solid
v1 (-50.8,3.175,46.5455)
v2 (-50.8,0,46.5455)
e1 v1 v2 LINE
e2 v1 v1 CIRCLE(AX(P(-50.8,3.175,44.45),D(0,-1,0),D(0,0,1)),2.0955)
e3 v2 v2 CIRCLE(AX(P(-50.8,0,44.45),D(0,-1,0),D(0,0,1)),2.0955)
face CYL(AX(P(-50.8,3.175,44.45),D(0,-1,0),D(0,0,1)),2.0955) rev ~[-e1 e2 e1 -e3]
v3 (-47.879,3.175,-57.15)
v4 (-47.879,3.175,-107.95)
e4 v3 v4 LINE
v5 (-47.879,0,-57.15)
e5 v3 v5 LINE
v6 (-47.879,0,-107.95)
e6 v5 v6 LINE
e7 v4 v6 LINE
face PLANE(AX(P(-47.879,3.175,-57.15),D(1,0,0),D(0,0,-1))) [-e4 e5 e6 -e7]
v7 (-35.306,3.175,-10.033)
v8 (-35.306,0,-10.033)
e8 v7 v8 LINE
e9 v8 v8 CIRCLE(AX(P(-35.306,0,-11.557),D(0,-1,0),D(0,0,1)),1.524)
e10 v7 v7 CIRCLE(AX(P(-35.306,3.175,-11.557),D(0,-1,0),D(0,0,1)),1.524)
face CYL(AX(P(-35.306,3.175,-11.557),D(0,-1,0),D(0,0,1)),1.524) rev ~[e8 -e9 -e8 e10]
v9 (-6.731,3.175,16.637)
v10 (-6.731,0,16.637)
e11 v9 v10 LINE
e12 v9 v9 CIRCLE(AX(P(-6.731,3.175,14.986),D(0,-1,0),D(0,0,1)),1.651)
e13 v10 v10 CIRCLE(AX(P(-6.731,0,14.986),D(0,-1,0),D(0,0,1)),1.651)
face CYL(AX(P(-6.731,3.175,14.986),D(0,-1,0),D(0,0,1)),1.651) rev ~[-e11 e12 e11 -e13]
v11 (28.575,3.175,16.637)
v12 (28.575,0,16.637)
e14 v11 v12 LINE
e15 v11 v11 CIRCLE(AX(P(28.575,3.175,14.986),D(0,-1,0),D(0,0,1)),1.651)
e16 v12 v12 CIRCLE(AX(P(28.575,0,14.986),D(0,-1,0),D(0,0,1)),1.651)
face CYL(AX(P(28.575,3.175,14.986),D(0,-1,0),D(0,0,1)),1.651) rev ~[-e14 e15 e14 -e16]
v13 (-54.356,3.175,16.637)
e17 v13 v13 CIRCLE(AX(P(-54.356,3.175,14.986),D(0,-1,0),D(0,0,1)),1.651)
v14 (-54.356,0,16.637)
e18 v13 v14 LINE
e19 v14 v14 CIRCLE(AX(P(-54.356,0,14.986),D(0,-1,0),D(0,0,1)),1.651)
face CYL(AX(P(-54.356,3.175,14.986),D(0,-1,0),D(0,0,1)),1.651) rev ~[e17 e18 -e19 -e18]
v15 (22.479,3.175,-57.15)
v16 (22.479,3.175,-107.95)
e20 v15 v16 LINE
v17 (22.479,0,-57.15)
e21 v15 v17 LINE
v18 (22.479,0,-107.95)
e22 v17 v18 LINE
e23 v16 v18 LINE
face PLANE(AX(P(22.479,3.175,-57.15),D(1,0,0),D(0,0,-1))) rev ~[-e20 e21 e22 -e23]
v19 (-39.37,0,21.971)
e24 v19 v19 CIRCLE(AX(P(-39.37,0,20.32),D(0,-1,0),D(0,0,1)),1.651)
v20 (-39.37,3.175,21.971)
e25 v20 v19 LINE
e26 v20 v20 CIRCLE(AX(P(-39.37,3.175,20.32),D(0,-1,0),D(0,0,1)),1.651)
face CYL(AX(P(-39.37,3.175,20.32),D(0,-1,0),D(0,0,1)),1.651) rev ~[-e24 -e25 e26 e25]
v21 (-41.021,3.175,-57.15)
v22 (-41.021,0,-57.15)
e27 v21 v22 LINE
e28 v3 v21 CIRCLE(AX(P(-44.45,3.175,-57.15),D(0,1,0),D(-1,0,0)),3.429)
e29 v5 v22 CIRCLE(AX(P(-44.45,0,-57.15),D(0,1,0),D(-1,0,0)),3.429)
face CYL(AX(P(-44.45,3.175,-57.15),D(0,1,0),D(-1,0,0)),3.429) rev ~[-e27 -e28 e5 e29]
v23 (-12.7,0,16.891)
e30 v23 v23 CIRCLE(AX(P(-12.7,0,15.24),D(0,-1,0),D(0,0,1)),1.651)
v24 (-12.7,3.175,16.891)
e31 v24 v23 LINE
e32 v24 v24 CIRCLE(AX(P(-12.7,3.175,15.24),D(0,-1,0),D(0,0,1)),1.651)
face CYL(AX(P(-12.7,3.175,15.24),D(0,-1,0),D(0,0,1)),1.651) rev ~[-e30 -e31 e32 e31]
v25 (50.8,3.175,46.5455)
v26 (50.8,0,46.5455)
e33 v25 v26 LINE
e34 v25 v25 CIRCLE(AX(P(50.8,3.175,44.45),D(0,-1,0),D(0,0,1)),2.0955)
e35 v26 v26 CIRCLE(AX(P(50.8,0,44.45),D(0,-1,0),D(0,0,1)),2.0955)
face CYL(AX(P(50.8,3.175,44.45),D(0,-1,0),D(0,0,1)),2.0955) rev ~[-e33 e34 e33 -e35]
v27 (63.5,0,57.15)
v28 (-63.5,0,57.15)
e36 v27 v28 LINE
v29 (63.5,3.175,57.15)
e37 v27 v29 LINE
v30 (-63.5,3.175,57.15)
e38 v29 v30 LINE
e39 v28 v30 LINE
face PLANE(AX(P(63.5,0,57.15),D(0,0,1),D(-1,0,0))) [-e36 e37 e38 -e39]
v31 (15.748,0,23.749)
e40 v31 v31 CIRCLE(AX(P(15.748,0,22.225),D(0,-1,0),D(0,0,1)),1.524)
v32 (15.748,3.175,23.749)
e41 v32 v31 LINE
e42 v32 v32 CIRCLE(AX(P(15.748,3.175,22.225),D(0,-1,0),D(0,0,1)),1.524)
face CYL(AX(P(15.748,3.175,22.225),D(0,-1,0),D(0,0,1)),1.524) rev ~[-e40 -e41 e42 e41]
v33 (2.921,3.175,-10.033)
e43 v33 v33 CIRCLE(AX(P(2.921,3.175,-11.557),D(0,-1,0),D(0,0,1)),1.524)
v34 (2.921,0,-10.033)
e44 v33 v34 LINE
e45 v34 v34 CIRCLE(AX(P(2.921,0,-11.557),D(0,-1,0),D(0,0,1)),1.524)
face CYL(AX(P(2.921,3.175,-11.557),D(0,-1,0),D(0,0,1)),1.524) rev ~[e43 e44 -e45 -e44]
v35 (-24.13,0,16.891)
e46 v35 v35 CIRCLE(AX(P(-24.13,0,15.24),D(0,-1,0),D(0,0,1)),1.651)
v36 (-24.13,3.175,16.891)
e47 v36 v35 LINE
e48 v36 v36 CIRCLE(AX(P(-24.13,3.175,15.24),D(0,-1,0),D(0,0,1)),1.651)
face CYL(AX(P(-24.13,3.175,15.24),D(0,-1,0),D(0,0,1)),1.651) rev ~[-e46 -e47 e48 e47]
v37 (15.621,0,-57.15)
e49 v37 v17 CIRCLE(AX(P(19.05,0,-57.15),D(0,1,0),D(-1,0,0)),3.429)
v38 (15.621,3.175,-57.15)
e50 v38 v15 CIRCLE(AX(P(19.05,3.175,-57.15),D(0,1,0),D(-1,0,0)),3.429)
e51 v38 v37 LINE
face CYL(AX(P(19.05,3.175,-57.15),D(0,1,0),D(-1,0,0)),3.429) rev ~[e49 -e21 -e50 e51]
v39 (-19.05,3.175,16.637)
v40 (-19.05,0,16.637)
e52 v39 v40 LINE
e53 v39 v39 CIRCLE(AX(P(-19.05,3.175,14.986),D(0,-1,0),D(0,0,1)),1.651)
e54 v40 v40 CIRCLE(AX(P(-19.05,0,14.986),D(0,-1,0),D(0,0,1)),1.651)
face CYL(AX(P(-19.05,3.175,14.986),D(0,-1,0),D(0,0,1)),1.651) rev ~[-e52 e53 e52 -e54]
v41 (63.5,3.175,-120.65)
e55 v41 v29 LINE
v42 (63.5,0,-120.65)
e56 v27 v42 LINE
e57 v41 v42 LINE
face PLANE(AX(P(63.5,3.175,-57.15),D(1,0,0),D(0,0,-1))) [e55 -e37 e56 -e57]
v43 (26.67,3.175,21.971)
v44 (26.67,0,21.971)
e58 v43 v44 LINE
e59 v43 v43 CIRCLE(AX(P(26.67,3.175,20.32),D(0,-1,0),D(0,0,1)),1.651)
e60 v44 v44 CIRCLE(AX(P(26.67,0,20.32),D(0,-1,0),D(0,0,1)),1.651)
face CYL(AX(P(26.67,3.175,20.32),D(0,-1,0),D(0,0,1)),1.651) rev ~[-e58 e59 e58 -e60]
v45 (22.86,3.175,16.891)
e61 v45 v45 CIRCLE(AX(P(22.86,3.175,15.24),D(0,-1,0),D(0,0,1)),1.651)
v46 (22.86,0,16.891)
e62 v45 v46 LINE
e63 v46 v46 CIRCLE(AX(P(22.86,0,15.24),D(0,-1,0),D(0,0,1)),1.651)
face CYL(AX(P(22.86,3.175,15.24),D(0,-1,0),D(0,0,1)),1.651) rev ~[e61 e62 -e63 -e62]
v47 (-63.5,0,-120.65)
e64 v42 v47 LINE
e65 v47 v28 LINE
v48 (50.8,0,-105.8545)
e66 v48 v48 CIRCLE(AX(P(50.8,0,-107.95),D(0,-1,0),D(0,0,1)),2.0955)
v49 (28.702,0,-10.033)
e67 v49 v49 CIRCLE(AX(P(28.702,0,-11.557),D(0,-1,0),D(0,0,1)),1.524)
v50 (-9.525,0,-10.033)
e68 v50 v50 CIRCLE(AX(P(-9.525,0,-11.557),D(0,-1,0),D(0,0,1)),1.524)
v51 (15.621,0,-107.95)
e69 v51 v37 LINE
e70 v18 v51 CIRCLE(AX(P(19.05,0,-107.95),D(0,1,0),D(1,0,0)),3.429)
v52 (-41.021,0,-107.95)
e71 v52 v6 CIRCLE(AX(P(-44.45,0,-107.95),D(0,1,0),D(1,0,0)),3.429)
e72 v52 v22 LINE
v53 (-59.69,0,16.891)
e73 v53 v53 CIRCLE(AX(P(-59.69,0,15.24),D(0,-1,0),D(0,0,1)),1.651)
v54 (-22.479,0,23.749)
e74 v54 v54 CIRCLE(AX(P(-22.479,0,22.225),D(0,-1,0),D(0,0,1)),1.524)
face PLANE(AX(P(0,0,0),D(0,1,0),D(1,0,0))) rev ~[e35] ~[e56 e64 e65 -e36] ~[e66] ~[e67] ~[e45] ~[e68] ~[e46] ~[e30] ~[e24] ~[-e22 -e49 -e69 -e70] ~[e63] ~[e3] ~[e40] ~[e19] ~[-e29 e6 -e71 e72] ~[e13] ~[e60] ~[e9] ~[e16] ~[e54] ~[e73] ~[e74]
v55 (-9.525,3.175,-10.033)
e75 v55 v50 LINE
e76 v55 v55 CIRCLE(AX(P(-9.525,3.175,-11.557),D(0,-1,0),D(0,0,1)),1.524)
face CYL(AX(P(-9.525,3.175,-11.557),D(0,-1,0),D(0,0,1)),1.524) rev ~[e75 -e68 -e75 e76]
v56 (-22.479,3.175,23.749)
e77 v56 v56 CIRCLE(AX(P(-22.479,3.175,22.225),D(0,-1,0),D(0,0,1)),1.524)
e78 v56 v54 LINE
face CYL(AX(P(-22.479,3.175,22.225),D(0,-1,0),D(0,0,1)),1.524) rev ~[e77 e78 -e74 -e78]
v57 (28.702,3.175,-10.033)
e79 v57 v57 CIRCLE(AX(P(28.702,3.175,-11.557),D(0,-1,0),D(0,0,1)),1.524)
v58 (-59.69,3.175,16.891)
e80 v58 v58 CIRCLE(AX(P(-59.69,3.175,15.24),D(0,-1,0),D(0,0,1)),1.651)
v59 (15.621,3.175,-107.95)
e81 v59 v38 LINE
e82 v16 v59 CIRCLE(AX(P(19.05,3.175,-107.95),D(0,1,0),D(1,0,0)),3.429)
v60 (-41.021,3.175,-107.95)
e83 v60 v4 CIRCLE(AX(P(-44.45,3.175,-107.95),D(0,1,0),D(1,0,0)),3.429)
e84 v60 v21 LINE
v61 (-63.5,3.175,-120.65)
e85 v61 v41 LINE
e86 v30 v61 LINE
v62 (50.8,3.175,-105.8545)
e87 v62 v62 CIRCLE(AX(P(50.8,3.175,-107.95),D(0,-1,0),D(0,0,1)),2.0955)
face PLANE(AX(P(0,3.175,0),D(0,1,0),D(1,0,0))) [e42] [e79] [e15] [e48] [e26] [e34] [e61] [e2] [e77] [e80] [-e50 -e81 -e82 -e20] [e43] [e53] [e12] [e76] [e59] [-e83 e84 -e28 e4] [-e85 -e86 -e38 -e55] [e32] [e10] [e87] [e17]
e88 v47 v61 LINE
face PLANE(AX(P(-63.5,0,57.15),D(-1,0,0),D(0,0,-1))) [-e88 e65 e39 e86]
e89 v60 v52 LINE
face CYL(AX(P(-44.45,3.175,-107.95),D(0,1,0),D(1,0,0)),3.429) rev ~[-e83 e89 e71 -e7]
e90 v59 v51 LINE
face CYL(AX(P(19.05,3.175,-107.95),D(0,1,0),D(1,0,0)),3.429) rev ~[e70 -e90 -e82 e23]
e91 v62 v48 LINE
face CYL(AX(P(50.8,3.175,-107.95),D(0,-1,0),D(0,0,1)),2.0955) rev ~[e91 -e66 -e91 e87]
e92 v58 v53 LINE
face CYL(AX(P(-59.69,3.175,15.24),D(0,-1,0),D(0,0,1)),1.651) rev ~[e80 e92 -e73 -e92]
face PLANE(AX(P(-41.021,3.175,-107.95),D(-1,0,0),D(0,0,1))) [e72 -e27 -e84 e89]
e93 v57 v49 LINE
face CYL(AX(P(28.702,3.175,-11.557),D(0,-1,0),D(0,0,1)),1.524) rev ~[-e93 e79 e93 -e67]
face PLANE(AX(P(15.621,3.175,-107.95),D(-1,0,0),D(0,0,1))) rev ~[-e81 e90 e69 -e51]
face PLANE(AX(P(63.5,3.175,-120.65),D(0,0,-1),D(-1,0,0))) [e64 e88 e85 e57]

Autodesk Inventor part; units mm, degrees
ref_plane "YZ Plane" through (0, 0, 0) normal (1, 0, 0) x (0, 1, 0)
ref_plane "XZ Plane" through (0, 0, 0) normal (0, 1, 0) x (-1, 0, 0)
ref_plane "XY Plane" through (0, 0, 0) normal (0, 0, 1) x (1, 0, 0)
sketch "Sketch1" plane through (0, 0, 0) normal (0, 1, 0) x (-1, 0, 0)
  line L0 (-63.5, 57.15) -> (63.5, 57.15)
  line L1 (63.5, 57.15) -> (63.5, -57.15)
  line L2 (63.5, -57.15) -> (-63.5, -57.15)
  line L3 (-63.5, -57.15) -> (-63.5, 57.15)
  line L4 (-63.5, 57.15) -> (63.5, -57.15) construction
  line L5 (63.5, 57.15) -> (-63.5, -57.15) construction
  line L6 (63.5, -57.15) -> (-38.1, -57.15)
  line L7 (-38.1, -57.15) -> (-38.1, -120.65)
  line L8 (-38.1, -120.65) -> (63.5, -120.65)
  line L9 (63.5, -120.65) -> (63.5, -57.15)
  line L10 (-38.1, -57.15) -> (-63.5, -57.15)
  line L11 (-63.5, -57.15) -> (-63.5, -120.65)
  line L12 (-63.5, -120.65) -> (-38.1, -120.65)
  line L13 (-38.1, -120.65) -> (-38.1, -57.15)
  point P0 (0, 0)
  dimension "d9" = 12.7
  dimension "d0" = 127
  dimension "d1" = 114.3
  dimension "d2" = 63.5
  dimension "d3" = 101.6
extrude "Extrusion1" add sketch "Sketch1" along normal blind 3.175 contours L0 L1 L2 L3 | L9 L8 L7 L2
sketch "Sketch12" plane through (0, 3.175, 0) normal (0, 1, 0) x (1, 0, 0)
  line L0 (38.1, 57.15) -> (63.5, 57.15)
  line L1 (63.5, 57.15) -> (63.5, 120.65)
  line L2 (63.5, 120.65) -> (38.1, 120.65)
  line L3 (38.1, 120.65) -> (38.1, 57.15)
  point P0 (0, 0)
  dimension "d9" = 12.7
extrude "Extrusion3" add sketch "Sketch12" against normal blind 3.175
sketch "Sketch2" plane through (0, 3.175, 0) normal (0, 1, 0) x (1, 0, 0)
  line L0 (-63.5, 120.65) -> (-63.5, -57.15) projected
  line L1 (-63.5, -57.15) -> (63.5, -57.15) projected
  line L2 (63.5, -57.15) -> (63.5, 57.15) projected
  line L3 (63.5, 57.15) -> (38.1, 57.15) projected
  line L4 (38.1, 57.15) -> (-63.5, 57.15) construction
  line L5 (-63.5, 57.15) -> (-63.5, -44.45) construction
  line L6 (-63.5, -44.45) -> (38.1, -44.45) construction
  line L7 (38.1, -44.45) -> (38.1, 57.15) construction
  line L8 (50.8, 57.15) -> (50.8, -57.15) construction
  line L9 (-63.5, -44.45) -> (63.5, -44.45) construction
  point P0 (0, 0)
  point P1 (50.8, -44.45)
  point P2 (50.8, 44.45)
  point P3 (-50.8, -44.45)
  dimension "d7" = 101.6
  dimension "d8" = 101.6
  dimension "d9" = 12.7
  dimension "d10" = 12.7
  dimension "d11" = 12.7
hole "Hole1" at (50.8, 3.175, 44.45) at (-50.8, 3.175, 44.45) direction (0, -1, 0) diameter 4.191 end through all
sketch "Sketch3" plane through (0, 3.175, 0) normal (0, 1, 0) x (1, 0, 0)
  line L0 (38.1, 57.15) -> (38.1, 120.65) projected
  line L1 (38.1, 120.65) -> (-63.5, 120.65) projected
  line L2 (19.05, 107.95) -> (19.05, 57.15) construction
  line L3 (15.621, 107.95) -> (15.621, 57.15)
  line L4 (22.479, 57.15) -> (22.479, 107.95)
  arc A0 (22.479, 107.95) -> (15.621, 107.95) centre (19.05, 107.95) ccw
  arc A1 (15.621, 57.15) -> (22.479, 57.15) centre (19.05, 57.15) ccw
  line L5 (-12.7, 120.65) -> (-12.7, 57.15) construction
  line L6 (-44.45, 107.95) -> (-44.45, 57.15) construction
  line L7 (-41.021, 107.95) -> (-41.021, 57.15)
  line L8 (-47.879, 57.15) -> (-47.879, 107.95)
  arc A2 (-41.021, 107.95) -> (-47.879, 107.95) centre (-44.45, 107.95) ccw
  arc A3 (-47.879, 57.15) -> (-41.021, 57.15) centre (-44.45, 57.15) ccw
  point P0 (0, 0)
  point P1 (19.05, 82.55)
  point P2 (-44.45, 82.55)
  dimension "d19" = 6.858
  dimension "d20" = 19.05
  dimension "d21" = 12.7
  dimension "d22" = 50.8
extrude "Extrusion2" cut sketch "Sketch3" against normal through all
sketch "Sketch4" plane through (0, 3.175, 0) normal (0, 1, 0) x (1, 0, 0)
  arc A0 (15.621, 57.15) -> (22.479, 57.15) centre (19.05, 57.15) ccw projected
  line L0 (15.621, 57.15) -> (15.621, 107.95) projected
  arc A1 (22.479, 107.95) -> (15.621, 107.95) centre (19.05, 107.95) ccw projected
  line L1 (22.479, 107.95) -> (22.479, 57.15) projected
  arc A2 (-41.021, 107.95) -> (-47.879, 107.95) centre (-44.45, 107.95) ccw projected
  line L2 (-41.021, 107.95) -> (-41.021, 57.15) projected
  arc A3 (-47.879, 57.15) -> (-41.021, 57.15) centre (-44.45, 57.15) ccw projected
  line L3 (-47.879, 57.15) -> (-47.879, 107.95) projected
  circle A4 centre (50.8, 44.45) radius 3.2385 projected
  circle A5 centre (50.8, -44.45) radius 2.0955 projected
  circle A6 centre (-50.8, -44.45) radius 2.0955 projected
  line L4 (38.1, 57.15) -> (38.1, 120.65) projected
  line L5 (38.1, 120.65) -> (-63.5, 120.65) projected
  line L6 (-63.5, 120.65) -> (-63.5, -57.15) projected
  line L7 (-63.5, -57.15) -> (63.5, -57.15) projected
  line L8 (63.5, -57.15) -> (63.5, 57.15) projected
  line L9 (63.5, 57.15) -> (38.1, 57.15) projected
  line L10 (38.1, 57.15) -> (38.1, -57.15) construction
  line L11 (-63.5, -31.75) -> (63.5, -31.75) construction
  line L12 (-63.5, -25.4) -> (63.5, -25.4) construction
  line L13 (31.75, 53.1705) -> (31.75, -25.4) construction
  point P0 (0, 0)
  dimension "d9" = 12.7
  dimension "d25" = 25.4
  dimension "d156" = 31.75
  dimension "d157" = 31.75
sketch "battery buzzer/ SmartSensorPowered" plane through (0, 3.175, 0) normal (0, 1, 0) x (1, 0, 0)
  line L0 (31.75, -12.7) -> (5.08, -12.7)
  line L1 (5.08, -12.7) -> (5.08, 34.29)
  line L2 (5.08, 34.29) -> (31.75, 34.29)
  line L3 (31.75, 34.29) -> (31.75, -12.7)
  circle A0 centre (29.972, -10.668) radius 1.1913
  circle A1 centre (7.62, -10.668) radius 1.1913
  line L4 (-1.27, -12.7) -> (-27.94, -12.7)
  line L5 (-27.94, -12.7) -> (-27.94, 34.29)
  line L6 (-27.94, 34.29) -> (-1.27, 34.29)
  line L7 (-1.27, 34.29) -> (-1.27, -12.7)
  circle A2 centre (-3.048, -11.2367) radius 1.1913
  circle A3 centre (-25.4, -11.2367) radius 1.1913
  line L8 (-34.29, -12.7) -> (-60.96, -12.7)
  line L9 (-60.96, -12.7) -> (-60.96, 34.29)
  line L10 (-60.96, 34.29) -> (-34.29, 34.29)
  line L11 (-34.29, 34.29) -> (-34.29, -12.7)
  circle A4 centre (-36.068, -11.2367) radius 1.1913
  circle A5 centre (-58.42, -11.2367) radius 1.1913
  line L12 (-63.5, -57.15) -> (63.5, -57.15) projected
  dimension "d9" = 12.7
  dimension "d242" = 26.67
  dimension "d248" = 46.99
  dimension "d251" = 2.3825
  dimension "d257" = 1.778
  dimension "d258" = 2.032
  dimension "d259" = 2.032
  dimension "d266" = 2.54
  dimension "d284" = 6.35
  dimension "d295" = 44.45
sketch "controller" plane through (0, 3.175, 0) normal (0, 1, 0) x (1, 0, 0)
  line L0 (-63.5, 120.65) -> (-63.5, -57.15) projected
  line L1 (63.5, -57.15) -> (63.5, 57.15) projected
  line L2 (-63.5, -57.15) -> (-63.5, -19.05) construction
  line L3 (-63.5, -57.15) -> (-63.5, -25.4) construction
  line L4 (-63.5, -25.4) -> (63.5, -25.4) construction
  line L5 (31.75, -25.4) -> (31.75, 57.15) construction
  line L6 (31.75, -25.4) -> (-44.45, -25.4)
  line L7 (-44.45, -25.4) -> (-44.45, 50.8)
  line L8 (-44.45, 50.8) -> (31.75, 50.8)
  line L9 (31.75, 50.8) -> (31.75, -25.4)
  circle A0 centre (26.67, -20.32) radius 1.651
  circle A1 centre (-39.37, -20.32) radius 1.651
  circle A2 centre (26.67, 45.72) radius 1.651
  circle A3 centre (-39.37, 45.72) radius 1.651
  point P0 (0, 0)
  dimension "d9" = 12.7
  dimension "d46" = 76.2
  dimension "d47" = 76.2
  dimension "d108" = 3.302
  dimension "d109" = 3.302
  dimension "d110" = 3.302
  dimension "d111" = 3.302
  dimension "d112" = 5.08
  dimension "d113" = 5.08
  dimension "d114" = 5.08
  dimension "d115" = 5.08
  dimension "d116" = 5.08
  dimension "d117" = 5.08
  dimension "d118" = 5.08
  dimension "d119" = 5.08
sketch "grizzly_bear" plane through (0, 3.175, 0) normal (0, 1, 0) x (1, 0, 0)
  line L0 (-63.5, 120.65) -> (-63.5, -57.15) projected
  line L1 (-63.5, -17.78) -> (63.5, -17.78) construction
  line L2 (31.75, -17.78) -> (-9.525, -17.78)
  line L3 (-15.875, -17.78) -> (-57.15, -17.78)
  line L4 (-57.15, -17.78) -> (-57.15, 58.42)
  line L5 (-57.15, 58.42) -> (-15.875, 58.42)
  line L6 (-15.875, 58.42) -> (-15.875, -17.78)
  line L7 (31.75, -17.78) -> (31.75, 58.42)
  line L8 (31.75, 58.42) -> (-9.525, 58.42)
  line L9 (-9.525, 58.42) -> (-9.525, -17.78)
  line L10 (63.5, 57.15) -> (63.5, 50.8) construction
  circle A0 centre (28.575, -14.986) radius 1.651
  circle A1 centre (-6.731, -14.986) radius 1.651
  circle A2 centre (28.575, 55.626) radius 1.651
  line L11 (63.5, -57.15) -> (63.5, 57.15) projected
  circle A3 centre (-19.05, -14.986) radius 1.651
  circle A4 centre (-54.356, -14.986) radius 1.651
  line L12 (-63.5, -25.4) -> (63.5, -25.4) construction
  point P0 (0, 0)
  point P1 (-15.875, -17.78)
  point P2 (-57.15, -17.78)
  dimension "d9" = 12.7
  dimension "d38" = 41.275
  dimension "d39" = 6.35
  dimension "d41" = 76.2
  dimension "d120" = 3.302
  dimension "d121" = 3.175
  dimension "d122" = 2.794
  dimension "d123" = 3.302
  dimension "d124" = 2.794
  dimension "d125" = 2.794
  dimension "d126" = 3.302
  dimension "d127" = 2.794
  dimension "d128" = 3.175
  dimension "d286" = 7.62
sketch "koala_bear" plane through (0, 3.175, 0) normal (0, 1, 0) x (1, 0, 0)
  line L0 (-63.5, 120.65) -> (-63.5, -57.15) projected
  line L1 (-63.5, -57.15) -> (63.5, -57.15) projected
  line L2 (63.5, -57.15) -> (63.5, 57.15) projected
  line L3 (-63.5, -25.4) -> (63.5, -25.4) construction
  line L4 (31.75, -57.15) -> (31.75, 57.15) construction
  line L5 (31.75, -25.4) -> (-0.127, -25.4)
  line L6 (-0.127, -25.4) -> (-0.127, 14.605)
  line L7 (-0.127, 14.605) -> (31.75, 14.605)
  line L8 (31.75, -25.4) -> (31.75, 14.605)
  line L9 (-6.477, -25.4) -> (-6.477, 14.605)
  line L10 (-6.477, 14.605) -> (-38.354, 14.605)
  line L11 (-38.354, 14.605) -> (-38.354, -25.4)
  line L12 (-6.477, -25.4) -> (-38.354, -25.4)
  circle A0 centre (28.702, 11.557) radius 1.524
  circle A1 centre (2.921, 11.557) radius 1.524
  circle A2 centre (2.921, -4.572) radius 1.524
  circle A3 centre (15.748, -22.225) radius 1.524
  circle A4 centre (-22.479, -22.225) radius 1.524
  circle A5 centre (-35.306, 11.557) radius 1.524
  circle A6 centre (-9.525, 11.557) radius 1.524
  point P0 (0, 0)
  dimension "d9" = 12.7
  dimension "d58" = 31.877
  dimension "d59" = 40.005
  dimension "d145" = 3.048
  dimension "d146" = 3.048
  dimension "d147" = 3.048
  dimension "d148" = 3.048
  dimension "d149" = 3.048
  dimension "d150" = 3.048
  dimension "d151" = 3.048
  dimension "d152" = 19.177
  dimension "d153" = 3.048
  dimension "d154" = 3.175
  dimension "d155" = 16.002
sketch "smartsensor" plane through (0, 3.175, 0) normal (0, 1, 0) x (1, 0, 0)
  line L0 (-63.5, 120.65) -> (-63.5, -57.15) projected
  line L1 (63.5, -57.15) -> (63.5, 57.15) projected
  line L2 (-63.5, -25.4) -> (63.5, -25.4) construction
  line L3 (31.75, 54.3858) -> (31.75, -25.4) construction
  line L4 (24.13, -25.4) -> (-3.81, -25.4)
  line L5 (-3.81, -25.4) -> (-3.81, 7.62)
  line L6 (-3.81, 7.62) -> (24.13, 7.62)
  line L7 (24.13, 7.62) -> (24.13, -25.4)
  line L8 (-10.16, -25.4) -> (-38.1, -25.4)
  line L9 (-38.1, -25.4) -> (-38.1, 7.62)
  line L10 (-38.1, 7.62) -> (-10.16, 7.62)
  line L11 (-10.16, 7.62) -> (-10.16, -25.4)
  circle A0 centre (21.59, -21.59) radius 1.1913
  circle A1 centre (17.78, -21.59) radius 1.1913
  circle A2 centre (13.97, -21.59) radius 1.1913
  circle A3 centre (10.16, -21.59) radius 1.1913
  circle A4 centre (6.35, -21.59) radius 1.1913
  circle A5 centre (2.54, -21.59) radius 1.1913
  circle A6 centre (-1.27, -21.59) radius 1.1913
  circle A7 centre (-12.7, -21.59) radius 1.1913
  circle A8 centre (-16.51, -21.59) radius 1.1913
  circle A9 centre (-20.32, -21.59) radius 1.1913
  circle A10 centre (-24.13, -21.59) radius 1.1913
  circle A11 centre (-27.94, -21.59) radius 1.1913
  circle A12 centre (-31.75, -21.59) radius 1.1913
  circle A13 centre (-35.56, -21.59) radius 1.1913
  point P0 (0, 0)
  dimension "d9" = 12.7
  dimension "d64" = 27.94
  dimension "d65" = 33.02
  dimension "d129" = 2.3825
  dimension "d131" = 2.54
  dimension "d137" = 3.81
  dimension "d138" = 3.81
  dimension "d139" = 3.81
  dimension "d140" = 3.81
  dimension "d141" = 3.81
  dimension "d143" = 3.81
  dimension "d144" = 2.54
  dimension "d194" = 7.62
  dimension "d287" = 3.81
sketch "team_flag" plane through (0, 3.175, 0) normal (0, 1, 0) x (1, 0, 0)
  line L0 (-63.5, 120.65) -> (-63.5, -57.15) projected
  line L1 (63.5, -57.15) -> (63.5, 57.15) projected
  line L2 (31.75, 51.8358) -> (31.75, -17.78) construction
  line L3 (25.4, -17.78) -> (-15.24, -17.78)
  line L4 (-15.24, -17.78) -> (-15.24, 22.86)
  line L5 (-15.24, 22.86) -> (25.4, 22.86)
  line L6 (25.4, 22.86) -> (25.4, -17.78)
  line L7 (-21.59, 22.86) -> (-21.59, -17.78)
  line L8 (-21.59, 22.86) -> (-62.23, 22.86)
  line L9 (-62.23, 22.86) -> (-62.23, -17.78)
  line L10 (-62.23, -17.78) -> (-21.59, -17.78)
  circle A0 centre (22.86, 20.32) radius 1.651
  circle A1 centre (-12.7, 20.32) radius 1.651
  circle A2 centre (-12.7, -15.24) radius 1.651
  circle A3 centre (22.86, -15.24) radius 1.651
  line L11 (-63.5, -25.4) -> (63.5, -25.4) construction
  circle A4 centre (-24.13, 20.32) radius 1.651
  circle A5 centre (-59.69, 20.32) radius 1.651
  circle A6 centre (-59.69, -15.24) radius 1.651
  circle A7 centre (-24.13, -15.24) radius 1.651
  point P0 (0, 0)
  point P1 (-21.59, -17.78)
  point P2 (-62.23, -17.78)
  point P3 (-62.23, 22.86)
  point P4 (-21.59, 22.86)
  dimension "d9" = 12.7
  dimension "d78" = 40.64
  dimension "d81" = 40.64
  dimension "d83" = 3.302
  dimension "d84" = 2.54
  dimension "d85" = 2.54
  dimension "d86" = 3.302
  dimension "d89" = 3.302
  dimension "d90" = 3.302
  dimension "d95" = 2.54
  dimension "d96" = 2.54
  dimension "d99" = 2.54
  dimension "d100" = 2.54
  dimension "d187" = 7.62
  dimension "d188" = 6.35
  dimension "d195" = 2.54
hole "Hole2" [suppressed]
hole "Hole3" at (-54.356, 3.175, 14.986) at (-19.05, 3.175, 14.986) at (-6.731, 3.175, 14.986) at (28.575, 3.175, 14.986) direction (0, -1, 0) diameter 3.302 end through all
hole "Hole4" at (22.86, 3.175, 15.24) at (-12.7, 3.175, 15.24) at (-24.13, 3.175, 15.24) at (-59.69, 3.175, 15.24) direction (0, -1, 0) diameter 3.302 end through all
hole "Hole5" at (26.67, 3.175, 20.32) at (-39.37, 3.175, 20.32) direction (0, -1, 0) diameter 3.302 end through all
hole "Hole6" [suppressed]
hole "Hole7" at (-35.306, 3.175, -11.557) at (2.921, 3.175, -11.557) at (-22.479, 3.175, 22.225) at (15.748, 3.175, 22.225) at (-9.525, 3.175, -11.557) at (28.702, 3.175, -11.557) direction (0, -1, 0) diameter 3.048 end through all
sketch "Sketch13" plane through (0, 3.175, 0) normal (0, 1, 0) x (1, 0, 0)
  point P0 (0, 0)
  point P1 (50.8, 107.95)
  dimension "d9" = 12.7
hole "Hole8" at (50.8, 3.175, -107.95) direction (0, -1, 0) diameter 4.191 end through all
properties part number "bottomLayer"
